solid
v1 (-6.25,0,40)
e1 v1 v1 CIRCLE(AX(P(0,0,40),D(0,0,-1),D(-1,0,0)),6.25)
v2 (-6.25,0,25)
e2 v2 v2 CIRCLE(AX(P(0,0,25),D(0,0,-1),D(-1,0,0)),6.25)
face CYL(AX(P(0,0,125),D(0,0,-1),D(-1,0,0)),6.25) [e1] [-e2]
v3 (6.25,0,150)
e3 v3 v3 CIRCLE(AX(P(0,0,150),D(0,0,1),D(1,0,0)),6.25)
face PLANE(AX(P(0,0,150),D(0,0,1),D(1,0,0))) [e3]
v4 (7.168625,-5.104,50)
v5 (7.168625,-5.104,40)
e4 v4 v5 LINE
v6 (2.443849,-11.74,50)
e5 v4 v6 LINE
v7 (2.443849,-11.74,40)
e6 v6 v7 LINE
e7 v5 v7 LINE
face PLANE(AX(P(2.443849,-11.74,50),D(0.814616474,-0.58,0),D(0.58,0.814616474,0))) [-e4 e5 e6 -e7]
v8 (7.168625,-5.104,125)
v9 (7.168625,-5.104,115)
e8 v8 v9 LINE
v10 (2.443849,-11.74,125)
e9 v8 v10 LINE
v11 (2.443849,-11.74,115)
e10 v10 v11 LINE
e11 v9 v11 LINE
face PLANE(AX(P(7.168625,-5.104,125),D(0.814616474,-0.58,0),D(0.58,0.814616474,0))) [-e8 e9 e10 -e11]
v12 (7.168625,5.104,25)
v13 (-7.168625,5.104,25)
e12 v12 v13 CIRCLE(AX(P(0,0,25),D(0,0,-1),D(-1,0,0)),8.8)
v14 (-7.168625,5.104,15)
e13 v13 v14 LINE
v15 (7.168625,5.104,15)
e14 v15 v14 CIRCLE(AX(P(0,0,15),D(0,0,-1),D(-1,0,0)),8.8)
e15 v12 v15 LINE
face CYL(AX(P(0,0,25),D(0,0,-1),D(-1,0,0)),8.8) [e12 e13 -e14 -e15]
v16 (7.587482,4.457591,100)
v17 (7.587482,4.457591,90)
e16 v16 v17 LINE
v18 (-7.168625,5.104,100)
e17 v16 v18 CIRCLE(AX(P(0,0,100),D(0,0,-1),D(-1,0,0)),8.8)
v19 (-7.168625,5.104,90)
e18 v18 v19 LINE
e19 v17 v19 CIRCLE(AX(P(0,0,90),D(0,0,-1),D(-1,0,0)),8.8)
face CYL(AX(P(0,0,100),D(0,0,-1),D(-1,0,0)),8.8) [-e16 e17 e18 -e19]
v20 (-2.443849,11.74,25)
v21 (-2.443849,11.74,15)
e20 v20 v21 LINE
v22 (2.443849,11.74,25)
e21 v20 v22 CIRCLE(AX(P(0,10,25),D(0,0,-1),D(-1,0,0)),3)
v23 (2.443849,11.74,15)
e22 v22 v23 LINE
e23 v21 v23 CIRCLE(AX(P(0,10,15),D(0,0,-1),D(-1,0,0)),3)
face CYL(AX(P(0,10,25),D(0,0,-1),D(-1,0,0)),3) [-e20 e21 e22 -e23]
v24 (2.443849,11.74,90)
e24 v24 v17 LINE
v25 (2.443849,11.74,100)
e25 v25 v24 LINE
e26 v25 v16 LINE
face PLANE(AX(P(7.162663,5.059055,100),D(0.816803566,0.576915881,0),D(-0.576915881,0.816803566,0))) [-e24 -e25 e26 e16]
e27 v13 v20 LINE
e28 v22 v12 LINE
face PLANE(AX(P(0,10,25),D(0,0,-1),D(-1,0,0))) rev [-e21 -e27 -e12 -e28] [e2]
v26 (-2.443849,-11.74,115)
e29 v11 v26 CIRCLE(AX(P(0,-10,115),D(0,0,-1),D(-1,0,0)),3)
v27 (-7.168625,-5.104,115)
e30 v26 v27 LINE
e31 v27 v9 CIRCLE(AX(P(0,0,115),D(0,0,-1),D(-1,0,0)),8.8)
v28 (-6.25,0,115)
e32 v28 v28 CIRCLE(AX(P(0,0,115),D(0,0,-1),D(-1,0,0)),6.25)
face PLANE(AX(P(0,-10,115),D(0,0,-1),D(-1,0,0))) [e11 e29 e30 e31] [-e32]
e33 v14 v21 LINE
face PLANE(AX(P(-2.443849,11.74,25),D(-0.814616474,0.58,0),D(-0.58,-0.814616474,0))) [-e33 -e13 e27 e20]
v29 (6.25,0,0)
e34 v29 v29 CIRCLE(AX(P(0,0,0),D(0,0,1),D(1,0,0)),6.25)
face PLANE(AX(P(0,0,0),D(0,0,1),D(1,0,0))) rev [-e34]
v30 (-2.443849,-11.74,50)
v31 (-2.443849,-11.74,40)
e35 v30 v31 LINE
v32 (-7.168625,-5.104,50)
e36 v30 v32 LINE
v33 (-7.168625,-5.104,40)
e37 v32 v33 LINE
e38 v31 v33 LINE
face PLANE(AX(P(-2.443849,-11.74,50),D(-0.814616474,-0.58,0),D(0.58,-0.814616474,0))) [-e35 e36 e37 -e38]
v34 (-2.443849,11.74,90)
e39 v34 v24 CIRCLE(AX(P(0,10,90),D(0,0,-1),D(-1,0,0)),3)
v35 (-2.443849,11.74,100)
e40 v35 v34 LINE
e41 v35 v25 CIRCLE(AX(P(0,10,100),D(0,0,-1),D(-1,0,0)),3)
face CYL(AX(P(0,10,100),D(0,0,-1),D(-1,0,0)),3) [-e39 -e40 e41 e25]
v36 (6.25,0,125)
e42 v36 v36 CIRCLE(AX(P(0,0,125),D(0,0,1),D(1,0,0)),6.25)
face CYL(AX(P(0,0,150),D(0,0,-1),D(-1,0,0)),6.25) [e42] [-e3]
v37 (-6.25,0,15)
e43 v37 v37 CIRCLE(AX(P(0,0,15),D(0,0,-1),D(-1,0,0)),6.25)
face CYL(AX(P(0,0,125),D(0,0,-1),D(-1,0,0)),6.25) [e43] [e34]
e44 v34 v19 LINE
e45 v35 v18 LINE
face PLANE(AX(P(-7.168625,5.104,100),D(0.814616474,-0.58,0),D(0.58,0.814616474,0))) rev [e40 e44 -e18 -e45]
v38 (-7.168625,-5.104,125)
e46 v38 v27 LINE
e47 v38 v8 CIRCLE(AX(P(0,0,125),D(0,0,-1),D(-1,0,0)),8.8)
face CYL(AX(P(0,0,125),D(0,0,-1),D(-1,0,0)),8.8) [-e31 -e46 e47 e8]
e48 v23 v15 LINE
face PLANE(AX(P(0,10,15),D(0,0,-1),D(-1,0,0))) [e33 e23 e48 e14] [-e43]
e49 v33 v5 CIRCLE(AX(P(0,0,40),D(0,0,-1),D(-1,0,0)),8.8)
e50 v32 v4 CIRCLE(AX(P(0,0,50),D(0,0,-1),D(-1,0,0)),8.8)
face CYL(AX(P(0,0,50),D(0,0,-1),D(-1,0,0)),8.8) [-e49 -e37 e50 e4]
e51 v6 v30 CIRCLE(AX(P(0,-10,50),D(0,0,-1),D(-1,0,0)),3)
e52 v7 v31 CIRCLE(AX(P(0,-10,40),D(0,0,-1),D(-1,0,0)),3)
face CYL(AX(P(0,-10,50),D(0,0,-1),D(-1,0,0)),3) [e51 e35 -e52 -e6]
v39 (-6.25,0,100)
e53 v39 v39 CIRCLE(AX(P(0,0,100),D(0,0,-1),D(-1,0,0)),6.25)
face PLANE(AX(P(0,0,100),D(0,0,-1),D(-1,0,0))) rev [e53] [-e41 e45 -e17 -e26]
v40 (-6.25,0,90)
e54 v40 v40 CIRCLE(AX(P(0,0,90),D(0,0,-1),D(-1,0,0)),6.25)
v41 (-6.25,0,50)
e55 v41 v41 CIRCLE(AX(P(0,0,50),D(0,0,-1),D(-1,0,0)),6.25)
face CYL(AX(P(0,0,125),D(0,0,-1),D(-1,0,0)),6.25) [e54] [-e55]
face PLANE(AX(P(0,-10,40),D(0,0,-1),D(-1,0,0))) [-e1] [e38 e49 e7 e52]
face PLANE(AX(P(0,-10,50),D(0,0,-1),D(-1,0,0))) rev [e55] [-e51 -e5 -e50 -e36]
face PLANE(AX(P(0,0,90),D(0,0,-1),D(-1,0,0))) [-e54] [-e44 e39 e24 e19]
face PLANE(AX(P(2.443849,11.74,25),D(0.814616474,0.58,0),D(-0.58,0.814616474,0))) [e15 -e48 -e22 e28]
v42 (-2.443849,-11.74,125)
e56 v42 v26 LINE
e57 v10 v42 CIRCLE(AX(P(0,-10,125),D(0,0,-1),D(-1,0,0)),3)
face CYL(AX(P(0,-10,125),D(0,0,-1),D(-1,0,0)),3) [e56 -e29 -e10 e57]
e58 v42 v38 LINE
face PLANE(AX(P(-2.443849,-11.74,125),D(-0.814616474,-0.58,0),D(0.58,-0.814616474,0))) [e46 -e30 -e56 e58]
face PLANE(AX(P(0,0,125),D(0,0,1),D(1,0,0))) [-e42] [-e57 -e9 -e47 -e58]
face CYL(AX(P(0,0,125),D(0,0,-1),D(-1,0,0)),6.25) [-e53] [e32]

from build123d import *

# Parameters (mm, degrees)
SKETCH1_R           = 6.25
BOSS_EXTRUDE1_DEPTH = 125
SKETCH3_R           = 6.25
BOSS_EXTRUDE2_DEPTH = 10
SKETCH6_R           = 6.25
BOSS_EXTRUDE3_DEPTH = 10
SKETCH8_R           = 6.25
BOSS_EXTRUDE4_DEPTH = 10
SKETCH9_R           = 6.25
BOSS_EXTRUDE6_DEPTH = 10
SKETCH14_R          = 6.25
BOSS_EXTRUDE7_DEPTH = 25


with BuildPart() as part:
    # Sketch1 → Boss-Extrude1 (new body)
    with BuildSketch(Plane.XY):
        Circle(SKETCH1_R)
    extrude(amount=BOSS_EXTRUDE1_DEPTH)

    # Sketch3 → Boss-Extrude2 (add)
    with BuildSketch(Plane(origin=(0, 0, 15), x_dir=(-1, 0, 0), z_dir=(0, 0, -1))):
        with BuildLine():
            Line((-2.443849423, 11.74), (-7.168624973, 5.104))
            ThreePointArc((-7.168624973, 5.104), (0, -8.8), (7.168624973, 5.104))
            Line((7.168624973, 5.104), (2.443849423, 11.74))
            ThreePointArc((2.443849423, 11.74), (0, 13), (-2.443849423, 11.74))
        make_face()
        Circle(SKETCH3_R, mode=Mode.SUBTRACT)
    extrude(amount=-BOSS_EXTRUDE2_DEPTH)

    # Sketch6 → Boss-Extrude3 (add)
    with BuildSketch(Plane(origin=(0, 0, 40), x_dir=(-1, 0, 0), z_dir=(0, 0, -1))):
        with BuildLine():
            Line((-2.443849423, -11.74), (-7.168624973, -5.104))
            ThreePointArc((-7.168624973, -5.104), (0, 8.8), (7.168624973, -5.104))
            Line((7.168624973, -5.104), (2.443849423, -11.74))
            ThreePointArc((2.443849423, -11.74), (0, -13), (-2.443849423, -11.74))
        make_face()
        Circle(SKETCH6_R, mode=Mode.SUBTRACT)
    extrude(amount=-BOSS_EXTRUDE3_DEPTH)

    # Sketch8 → Boss-Extrude4 (add)
    with BuildSketch(Plane(origin=(0, 0, 90), x_dir=(-1, 0, 0), z_dir=(0, 0, -1))):
        with BuildLine():
            ThreePointArc((2.443849423, 11.74), (0, 13), (-2.443849423, 11.74))
            Line((-2.443849423, 11.74), (-2.456936947, 11.721470546))
            Line((-2.456936947, 11.721470546), (-6.737843427, 5.66051817))
            Line((-6.737843427, 5.66051817), (-7.587481927, 4.457591055))
            ThreePointArc((-7.587481927, 4.457591055), (0.385125198, -8.791568608), (7.168624973, 5.104))
            Line((7.168624973, 5.104), (2.443849423, 11.74))
        make_face()
        Circle(SKETCH8_R, mode=Mode.SUBTRACT)
    extrude(amount=-BOSS_EXTRUDE4_DEPTH)

    # Sketch9 → Boss-Extrude6 (add)
    with BuildSketch(Plane(origin=(0, 0, 115), x_dir=(-1, 0, 0), z_dir=(0, 0, -1))):
        with BuildLine():
            Line((2.443849423, -11.74), (7.168624973, -5.104))
            ThreePointArc((7.168624973, -5.104), (0, 8.8), (-7.168624973, -5.104))
            Line((-7.168624973, -5.104), (-2.443849423, -11.74))
            ThreePointArc((-2.443849423, -11.74), (0, -13), (2.443849423, -11.74))
        make_face()
        Circle(SKETCH9_R, mode=Mode.SUBTRACT)
    extrude(amount=-BOSS_EXTRUDE6_DEPTH)

    # Sketch14 → Boss-Extrude7 (add)
    with BuildSketch(Plane.XY.offset(125)):
        Circle(SKETCH14_R)
    extrude(amount=BOSS_EXTRUDE7_DEPTH)


solid = part.part
